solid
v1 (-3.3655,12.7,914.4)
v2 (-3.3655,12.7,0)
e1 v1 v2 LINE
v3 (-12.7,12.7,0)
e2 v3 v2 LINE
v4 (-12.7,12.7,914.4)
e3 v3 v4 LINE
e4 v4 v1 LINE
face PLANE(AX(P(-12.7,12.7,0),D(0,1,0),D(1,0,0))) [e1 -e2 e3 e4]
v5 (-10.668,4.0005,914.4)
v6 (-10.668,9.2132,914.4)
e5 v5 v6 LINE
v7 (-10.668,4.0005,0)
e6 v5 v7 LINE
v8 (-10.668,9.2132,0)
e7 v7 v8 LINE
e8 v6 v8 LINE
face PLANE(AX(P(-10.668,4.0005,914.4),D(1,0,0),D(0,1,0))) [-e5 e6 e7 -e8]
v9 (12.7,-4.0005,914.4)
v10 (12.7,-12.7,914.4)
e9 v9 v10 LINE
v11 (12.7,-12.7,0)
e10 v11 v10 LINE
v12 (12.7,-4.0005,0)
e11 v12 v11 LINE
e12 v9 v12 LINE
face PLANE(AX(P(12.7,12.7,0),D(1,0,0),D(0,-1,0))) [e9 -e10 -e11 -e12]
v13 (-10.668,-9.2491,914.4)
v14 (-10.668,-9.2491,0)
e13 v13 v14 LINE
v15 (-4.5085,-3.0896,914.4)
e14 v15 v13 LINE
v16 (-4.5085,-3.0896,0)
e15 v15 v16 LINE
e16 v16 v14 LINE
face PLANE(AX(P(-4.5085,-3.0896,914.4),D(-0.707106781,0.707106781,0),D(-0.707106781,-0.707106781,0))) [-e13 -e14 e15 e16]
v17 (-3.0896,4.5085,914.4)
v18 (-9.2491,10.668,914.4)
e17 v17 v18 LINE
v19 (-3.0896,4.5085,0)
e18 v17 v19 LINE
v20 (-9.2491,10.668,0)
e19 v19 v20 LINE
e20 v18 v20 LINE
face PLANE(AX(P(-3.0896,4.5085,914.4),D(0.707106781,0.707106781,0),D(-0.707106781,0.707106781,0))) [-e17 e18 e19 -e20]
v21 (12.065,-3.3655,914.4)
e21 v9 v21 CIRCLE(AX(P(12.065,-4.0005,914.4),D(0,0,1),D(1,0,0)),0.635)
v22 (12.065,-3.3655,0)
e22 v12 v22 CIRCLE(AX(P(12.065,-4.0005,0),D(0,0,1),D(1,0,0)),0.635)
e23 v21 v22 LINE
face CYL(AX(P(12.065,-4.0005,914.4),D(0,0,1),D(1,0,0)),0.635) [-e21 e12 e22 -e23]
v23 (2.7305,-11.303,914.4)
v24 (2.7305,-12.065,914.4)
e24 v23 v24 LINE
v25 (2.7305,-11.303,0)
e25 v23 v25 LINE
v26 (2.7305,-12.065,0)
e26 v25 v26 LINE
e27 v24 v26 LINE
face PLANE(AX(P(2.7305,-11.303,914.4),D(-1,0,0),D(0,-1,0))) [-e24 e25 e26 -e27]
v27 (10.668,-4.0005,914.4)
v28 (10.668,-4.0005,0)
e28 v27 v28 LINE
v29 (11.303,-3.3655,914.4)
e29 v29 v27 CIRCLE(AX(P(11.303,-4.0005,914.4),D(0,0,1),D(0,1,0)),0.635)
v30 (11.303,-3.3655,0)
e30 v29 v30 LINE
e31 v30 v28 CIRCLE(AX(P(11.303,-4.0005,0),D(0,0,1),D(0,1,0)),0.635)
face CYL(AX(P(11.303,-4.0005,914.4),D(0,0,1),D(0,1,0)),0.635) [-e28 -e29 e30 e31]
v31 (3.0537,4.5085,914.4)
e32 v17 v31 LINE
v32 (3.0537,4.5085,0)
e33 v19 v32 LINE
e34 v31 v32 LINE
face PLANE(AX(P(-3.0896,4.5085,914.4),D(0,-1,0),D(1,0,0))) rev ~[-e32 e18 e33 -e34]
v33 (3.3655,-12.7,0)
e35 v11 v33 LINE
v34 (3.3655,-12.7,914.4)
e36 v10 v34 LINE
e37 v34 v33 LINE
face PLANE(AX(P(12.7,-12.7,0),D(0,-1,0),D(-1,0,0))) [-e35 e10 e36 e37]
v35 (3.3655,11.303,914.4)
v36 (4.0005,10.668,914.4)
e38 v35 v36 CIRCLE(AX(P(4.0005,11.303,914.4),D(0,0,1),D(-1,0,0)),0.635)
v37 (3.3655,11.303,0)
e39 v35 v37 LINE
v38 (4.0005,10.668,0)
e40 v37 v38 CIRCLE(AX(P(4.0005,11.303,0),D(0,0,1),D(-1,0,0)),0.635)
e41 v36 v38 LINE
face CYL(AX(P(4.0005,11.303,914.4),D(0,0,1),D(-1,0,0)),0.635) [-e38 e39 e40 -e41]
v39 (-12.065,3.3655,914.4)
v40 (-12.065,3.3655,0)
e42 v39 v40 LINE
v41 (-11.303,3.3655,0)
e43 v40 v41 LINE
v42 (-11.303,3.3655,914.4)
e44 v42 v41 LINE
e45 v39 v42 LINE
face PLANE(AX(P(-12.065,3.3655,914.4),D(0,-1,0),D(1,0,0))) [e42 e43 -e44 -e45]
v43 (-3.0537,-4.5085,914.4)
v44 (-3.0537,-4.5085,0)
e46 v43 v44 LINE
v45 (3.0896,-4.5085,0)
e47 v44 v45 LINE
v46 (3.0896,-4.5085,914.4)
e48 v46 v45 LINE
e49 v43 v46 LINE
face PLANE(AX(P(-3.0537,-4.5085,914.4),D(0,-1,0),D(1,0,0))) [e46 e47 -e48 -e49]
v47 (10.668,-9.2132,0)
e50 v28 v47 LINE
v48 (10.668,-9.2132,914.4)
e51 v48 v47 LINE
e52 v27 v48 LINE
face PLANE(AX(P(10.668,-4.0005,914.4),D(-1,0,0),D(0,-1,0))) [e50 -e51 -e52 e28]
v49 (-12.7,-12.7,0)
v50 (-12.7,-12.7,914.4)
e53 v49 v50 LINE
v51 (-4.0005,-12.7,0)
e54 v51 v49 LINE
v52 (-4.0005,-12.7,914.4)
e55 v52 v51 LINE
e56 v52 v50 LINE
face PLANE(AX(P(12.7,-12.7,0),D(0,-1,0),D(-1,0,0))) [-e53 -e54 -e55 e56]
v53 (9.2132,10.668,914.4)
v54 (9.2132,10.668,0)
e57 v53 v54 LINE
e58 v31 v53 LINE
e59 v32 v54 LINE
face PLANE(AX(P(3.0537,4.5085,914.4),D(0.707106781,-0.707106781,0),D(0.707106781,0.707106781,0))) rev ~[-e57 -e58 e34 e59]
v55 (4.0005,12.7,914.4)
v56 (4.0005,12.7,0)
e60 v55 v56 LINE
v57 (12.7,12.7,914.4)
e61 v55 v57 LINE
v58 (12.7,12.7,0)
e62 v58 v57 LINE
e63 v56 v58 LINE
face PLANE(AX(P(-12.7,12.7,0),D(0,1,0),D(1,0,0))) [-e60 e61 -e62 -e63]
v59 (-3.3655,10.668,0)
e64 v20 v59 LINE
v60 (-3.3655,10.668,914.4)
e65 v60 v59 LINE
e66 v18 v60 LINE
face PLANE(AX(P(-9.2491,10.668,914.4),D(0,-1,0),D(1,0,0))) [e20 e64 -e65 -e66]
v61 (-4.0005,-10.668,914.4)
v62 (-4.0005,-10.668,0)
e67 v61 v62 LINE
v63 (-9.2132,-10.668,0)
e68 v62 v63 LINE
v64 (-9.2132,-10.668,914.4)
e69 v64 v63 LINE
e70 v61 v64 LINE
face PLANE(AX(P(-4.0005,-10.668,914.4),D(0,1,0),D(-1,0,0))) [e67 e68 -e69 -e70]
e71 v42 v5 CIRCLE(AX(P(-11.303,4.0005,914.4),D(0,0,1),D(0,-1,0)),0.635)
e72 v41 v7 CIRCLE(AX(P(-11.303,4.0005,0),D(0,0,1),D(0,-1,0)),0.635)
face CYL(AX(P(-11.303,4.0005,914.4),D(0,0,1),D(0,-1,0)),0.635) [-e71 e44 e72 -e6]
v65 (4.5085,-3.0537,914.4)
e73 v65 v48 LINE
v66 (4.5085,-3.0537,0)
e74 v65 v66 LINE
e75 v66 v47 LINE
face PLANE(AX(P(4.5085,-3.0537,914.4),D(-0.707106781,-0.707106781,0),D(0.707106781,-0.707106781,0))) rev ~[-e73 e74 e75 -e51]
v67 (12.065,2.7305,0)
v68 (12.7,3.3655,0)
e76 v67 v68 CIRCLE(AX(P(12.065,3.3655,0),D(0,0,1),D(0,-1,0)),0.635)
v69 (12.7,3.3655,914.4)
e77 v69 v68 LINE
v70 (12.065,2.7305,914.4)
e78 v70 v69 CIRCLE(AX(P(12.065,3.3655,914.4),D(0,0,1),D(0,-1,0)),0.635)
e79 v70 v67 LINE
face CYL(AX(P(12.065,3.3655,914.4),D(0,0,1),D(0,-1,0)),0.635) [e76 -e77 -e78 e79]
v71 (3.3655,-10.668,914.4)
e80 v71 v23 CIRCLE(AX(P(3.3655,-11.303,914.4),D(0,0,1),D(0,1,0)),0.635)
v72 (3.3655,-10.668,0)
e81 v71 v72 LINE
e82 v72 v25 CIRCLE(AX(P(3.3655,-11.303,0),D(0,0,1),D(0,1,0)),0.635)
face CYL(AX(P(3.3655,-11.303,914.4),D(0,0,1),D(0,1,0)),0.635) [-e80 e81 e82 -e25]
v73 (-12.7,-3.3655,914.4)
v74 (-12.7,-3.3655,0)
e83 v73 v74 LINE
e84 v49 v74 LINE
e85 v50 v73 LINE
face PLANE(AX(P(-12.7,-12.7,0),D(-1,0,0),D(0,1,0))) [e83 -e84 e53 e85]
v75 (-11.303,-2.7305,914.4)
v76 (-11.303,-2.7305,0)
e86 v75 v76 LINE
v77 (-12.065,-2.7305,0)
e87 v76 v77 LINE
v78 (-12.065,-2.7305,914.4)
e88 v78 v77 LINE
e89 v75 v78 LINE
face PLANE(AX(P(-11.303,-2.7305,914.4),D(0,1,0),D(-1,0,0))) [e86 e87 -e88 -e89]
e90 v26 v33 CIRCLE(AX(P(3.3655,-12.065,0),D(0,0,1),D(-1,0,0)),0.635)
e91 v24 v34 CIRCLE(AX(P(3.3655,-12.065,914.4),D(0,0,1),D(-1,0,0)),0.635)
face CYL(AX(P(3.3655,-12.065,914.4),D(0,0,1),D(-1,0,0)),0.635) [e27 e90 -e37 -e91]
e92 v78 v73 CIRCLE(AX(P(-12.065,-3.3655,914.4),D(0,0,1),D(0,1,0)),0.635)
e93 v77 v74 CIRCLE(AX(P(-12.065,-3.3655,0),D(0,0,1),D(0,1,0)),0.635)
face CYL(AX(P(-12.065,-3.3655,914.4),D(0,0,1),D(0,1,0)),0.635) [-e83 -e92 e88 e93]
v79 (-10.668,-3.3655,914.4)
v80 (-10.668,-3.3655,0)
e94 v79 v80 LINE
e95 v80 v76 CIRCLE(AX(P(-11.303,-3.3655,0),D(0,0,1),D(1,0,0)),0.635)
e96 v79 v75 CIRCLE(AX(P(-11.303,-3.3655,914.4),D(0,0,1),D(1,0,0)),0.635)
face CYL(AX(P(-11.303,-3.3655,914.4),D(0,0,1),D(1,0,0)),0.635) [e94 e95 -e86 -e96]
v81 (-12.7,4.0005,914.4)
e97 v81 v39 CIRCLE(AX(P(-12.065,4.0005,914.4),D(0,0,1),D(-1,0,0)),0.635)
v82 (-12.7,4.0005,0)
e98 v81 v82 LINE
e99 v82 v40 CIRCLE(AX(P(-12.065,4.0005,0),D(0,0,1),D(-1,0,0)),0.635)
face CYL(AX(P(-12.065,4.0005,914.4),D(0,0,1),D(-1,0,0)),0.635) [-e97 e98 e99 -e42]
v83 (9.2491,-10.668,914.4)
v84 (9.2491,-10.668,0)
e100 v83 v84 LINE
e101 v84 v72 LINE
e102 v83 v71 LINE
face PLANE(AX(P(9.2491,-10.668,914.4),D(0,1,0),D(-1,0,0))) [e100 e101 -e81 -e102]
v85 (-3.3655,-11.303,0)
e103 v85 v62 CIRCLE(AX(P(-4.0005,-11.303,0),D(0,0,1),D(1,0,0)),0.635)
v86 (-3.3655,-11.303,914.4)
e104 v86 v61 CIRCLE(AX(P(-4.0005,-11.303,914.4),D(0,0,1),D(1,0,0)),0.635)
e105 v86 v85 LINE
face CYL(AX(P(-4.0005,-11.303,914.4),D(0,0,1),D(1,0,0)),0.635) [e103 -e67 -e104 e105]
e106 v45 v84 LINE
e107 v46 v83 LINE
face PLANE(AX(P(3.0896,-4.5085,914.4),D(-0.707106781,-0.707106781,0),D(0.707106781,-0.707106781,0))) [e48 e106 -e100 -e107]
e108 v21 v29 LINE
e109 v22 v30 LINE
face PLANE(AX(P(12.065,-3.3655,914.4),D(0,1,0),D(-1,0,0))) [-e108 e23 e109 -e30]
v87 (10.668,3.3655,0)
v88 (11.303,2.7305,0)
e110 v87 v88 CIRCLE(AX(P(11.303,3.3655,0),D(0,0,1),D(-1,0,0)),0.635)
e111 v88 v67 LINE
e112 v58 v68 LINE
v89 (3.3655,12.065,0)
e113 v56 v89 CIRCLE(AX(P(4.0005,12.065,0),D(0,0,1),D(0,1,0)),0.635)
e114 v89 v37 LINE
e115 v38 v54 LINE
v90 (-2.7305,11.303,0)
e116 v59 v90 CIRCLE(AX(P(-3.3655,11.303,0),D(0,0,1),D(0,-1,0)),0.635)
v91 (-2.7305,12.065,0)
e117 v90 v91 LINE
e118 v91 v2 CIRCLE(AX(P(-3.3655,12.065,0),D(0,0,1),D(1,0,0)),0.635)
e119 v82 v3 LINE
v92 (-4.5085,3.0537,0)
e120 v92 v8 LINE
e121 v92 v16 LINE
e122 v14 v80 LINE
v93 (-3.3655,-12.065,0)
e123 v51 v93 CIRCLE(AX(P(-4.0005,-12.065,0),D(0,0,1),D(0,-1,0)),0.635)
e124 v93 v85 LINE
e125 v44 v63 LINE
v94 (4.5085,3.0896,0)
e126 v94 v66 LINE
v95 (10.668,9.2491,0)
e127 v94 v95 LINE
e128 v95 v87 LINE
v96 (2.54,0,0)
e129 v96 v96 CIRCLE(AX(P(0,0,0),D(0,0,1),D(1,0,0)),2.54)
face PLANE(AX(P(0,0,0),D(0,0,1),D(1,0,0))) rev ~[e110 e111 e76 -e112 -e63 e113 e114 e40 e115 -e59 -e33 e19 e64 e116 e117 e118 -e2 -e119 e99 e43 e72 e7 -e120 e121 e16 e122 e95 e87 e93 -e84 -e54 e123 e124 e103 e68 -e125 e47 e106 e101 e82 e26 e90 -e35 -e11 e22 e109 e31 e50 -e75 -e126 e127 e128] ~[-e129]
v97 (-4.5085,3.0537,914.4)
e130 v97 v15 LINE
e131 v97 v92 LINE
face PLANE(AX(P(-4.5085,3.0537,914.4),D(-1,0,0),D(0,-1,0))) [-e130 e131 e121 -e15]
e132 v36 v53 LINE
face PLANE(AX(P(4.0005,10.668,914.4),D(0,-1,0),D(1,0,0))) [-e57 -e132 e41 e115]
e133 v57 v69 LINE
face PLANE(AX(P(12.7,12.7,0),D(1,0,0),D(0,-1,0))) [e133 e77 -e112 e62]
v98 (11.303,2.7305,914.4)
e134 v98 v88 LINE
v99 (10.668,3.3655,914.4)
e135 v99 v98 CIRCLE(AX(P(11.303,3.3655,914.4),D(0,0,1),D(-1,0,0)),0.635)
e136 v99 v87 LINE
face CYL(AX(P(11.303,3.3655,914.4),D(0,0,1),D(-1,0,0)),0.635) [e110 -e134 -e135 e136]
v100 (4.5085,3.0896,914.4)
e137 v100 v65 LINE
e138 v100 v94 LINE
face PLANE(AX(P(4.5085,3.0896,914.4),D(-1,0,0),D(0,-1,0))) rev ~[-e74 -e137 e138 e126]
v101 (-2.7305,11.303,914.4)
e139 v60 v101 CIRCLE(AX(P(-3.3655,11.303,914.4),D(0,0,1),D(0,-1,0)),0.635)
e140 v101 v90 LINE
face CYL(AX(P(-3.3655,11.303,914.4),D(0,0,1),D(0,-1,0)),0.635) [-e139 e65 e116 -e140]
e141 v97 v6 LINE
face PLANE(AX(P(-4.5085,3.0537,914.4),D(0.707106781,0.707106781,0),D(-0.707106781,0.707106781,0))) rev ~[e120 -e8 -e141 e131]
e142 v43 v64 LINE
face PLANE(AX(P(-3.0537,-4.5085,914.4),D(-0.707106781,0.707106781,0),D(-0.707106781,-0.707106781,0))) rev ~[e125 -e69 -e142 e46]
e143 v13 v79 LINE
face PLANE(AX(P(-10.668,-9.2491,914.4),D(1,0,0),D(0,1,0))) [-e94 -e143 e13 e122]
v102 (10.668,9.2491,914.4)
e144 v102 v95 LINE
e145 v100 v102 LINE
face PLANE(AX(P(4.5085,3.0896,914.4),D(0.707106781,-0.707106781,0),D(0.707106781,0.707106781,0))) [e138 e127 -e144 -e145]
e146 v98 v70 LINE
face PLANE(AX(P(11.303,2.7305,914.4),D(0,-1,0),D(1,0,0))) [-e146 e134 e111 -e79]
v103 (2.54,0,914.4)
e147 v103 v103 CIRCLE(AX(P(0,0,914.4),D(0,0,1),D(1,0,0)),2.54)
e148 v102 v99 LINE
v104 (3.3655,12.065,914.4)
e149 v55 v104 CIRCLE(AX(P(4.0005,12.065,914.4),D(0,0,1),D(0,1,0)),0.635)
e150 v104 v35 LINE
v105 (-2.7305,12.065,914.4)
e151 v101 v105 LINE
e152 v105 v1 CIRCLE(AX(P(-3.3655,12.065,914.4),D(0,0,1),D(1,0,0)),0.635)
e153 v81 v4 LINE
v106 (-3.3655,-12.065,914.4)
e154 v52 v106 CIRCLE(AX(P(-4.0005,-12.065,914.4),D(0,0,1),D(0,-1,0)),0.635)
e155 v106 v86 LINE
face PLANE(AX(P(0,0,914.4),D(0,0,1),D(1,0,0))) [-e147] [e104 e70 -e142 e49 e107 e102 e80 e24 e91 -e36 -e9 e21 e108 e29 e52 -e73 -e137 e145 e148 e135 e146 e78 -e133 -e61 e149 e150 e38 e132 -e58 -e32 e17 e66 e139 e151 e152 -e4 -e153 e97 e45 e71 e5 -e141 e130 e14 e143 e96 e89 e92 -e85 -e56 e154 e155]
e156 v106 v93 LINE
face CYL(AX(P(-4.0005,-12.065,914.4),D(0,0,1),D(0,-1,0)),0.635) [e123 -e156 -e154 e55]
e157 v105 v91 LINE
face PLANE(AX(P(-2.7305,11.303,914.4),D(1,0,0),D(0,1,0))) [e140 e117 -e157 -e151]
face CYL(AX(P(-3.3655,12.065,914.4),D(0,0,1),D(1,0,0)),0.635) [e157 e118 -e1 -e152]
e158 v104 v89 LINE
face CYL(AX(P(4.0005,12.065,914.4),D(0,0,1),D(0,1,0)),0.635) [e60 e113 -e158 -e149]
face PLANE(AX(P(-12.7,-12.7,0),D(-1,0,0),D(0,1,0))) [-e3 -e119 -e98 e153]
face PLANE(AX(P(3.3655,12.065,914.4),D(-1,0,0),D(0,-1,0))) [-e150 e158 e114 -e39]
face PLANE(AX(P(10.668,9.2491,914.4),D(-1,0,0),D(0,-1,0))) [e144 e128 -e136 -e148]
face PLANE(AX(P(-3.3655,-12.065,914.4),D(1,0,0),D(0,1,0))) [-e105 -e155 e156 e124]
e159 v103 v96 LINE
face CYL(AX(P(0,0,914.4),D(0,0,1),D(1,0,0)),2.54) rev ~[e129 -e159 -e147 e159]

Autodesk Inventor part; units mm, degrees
ref_plane "YZ Plane" through (0, 0, 0) normal (1, 0, 0) x (0, 1, 0)
ref_plane "XZ Plane" through (0, 0, 0) normal (0, 1, 0) x (-1, 0, 0)
ref_plane "XY Plane" through (0, 0, 0) normal (0, 0, 1) x (1, 0, 0)
sketch "Sketch1" plane through (0, 0, 0) normal (0, 0, 1) x (1, 0, 0)
  line L0 (-12.7, 12.7) -> (12.7, 12.7)
  line L1 (12.7, 12.7) -> (12.7, -12.7)
  line L2 (12.7, -12.7) -> (-12.7, -12.7)
  line L3 (-12.7, -12.7) -> (-12.7, 12.7)
  point P0 (0, 0)
  dimension "d0" = 25.4
  dimension "d1" = 25.4
  dimension "d2" = 12.7
  dimension "d3" = 12.7
extrude "Extrusion1" add sketch "Sketch1" along normal blind 914.4
sketch "Sketch2" plane through (0, 0, 914.4) normal (0, 0, 1) x (1, 0, 0)
  circle A0 centre (0, 0) radius 2.54
  line L0 (-4.5085, 4.5085) -> (4.5085, 4.5085)
  line L1 (-4.5085, -4.5085) -> (4.5085, -4.5085)
  line L2 (4.5085, 4.5085) -> (4.5085, -4.5085)
  line L3 (-4.5085, 4.5085) -> (-4.5085, -4.5085)
  line L4 (-3.0896, 4.5085) -> (-11.2811, 12.7)
  line L5 (-4.5085, 3.0537) -> (-12.7, 11.2452)
  line L6 (12.7, 12.7) -> (-12.7, 12.7) projected
  line L7 (-12.7, 12.7) -> (-12.7, 4.0005)
  line L8 (-10.668, 4.0005) -> (-10.668, 9.2132)
  line L9 (-9.2491, 10.668) -> (-3.3655, 10.668)
  line L10 (-12.7, 12.7) -> (-3.3655, 12.7)
  line L11 (-2.7305, 11.303) -> (-2.7305, 12.065)
  line L12 (-12.065, 3.3655) -> (-11.303, 3.3655)
  arc A1 (-12.7, 4.0005) -> (-12.065, 3.3655) centre (-12.065, 4.0005) ccw
  arc A2 (-11.303, 3.3655) -> (-10.668, 4.0005) centre (-11.303, 4.0005) ccw
  arc A3 (-3.3655, 10.668) -> (-2.7305, 11.303) centre (-3.3655, 11.303) ccw
  arc A4 (-2.7305, 12.065) -> (-3.3655, 12.7) centre (-3.3655, 12.065) ccw
  arc A5 (-3.3655, -11.303) -> (-4.0005, -10.668) centre (-4.0005, -11.303) ccw
  line L13 (-3.3655, -12.065) -> (-3.3655, -11.303)
  arc A6 (-4.0005, -12.7) -> (-3.3655, -12.065) centre (-4.0005, -12.065) ccw
  line L14 (-3.0537, -4.5085) -> (-11.2452, -12.7)
  line L15 (-10.668, -9.2491) -> (-10.668, -3.3655)
  line L16 (-4.5085, -3.0896) -> (-12.7, -11.2811)
  line L17 (-12.7, -12.7) -> (-12.7, -3.3655)
  arc A7 (-10.668, -3.3655) -> (-11.303, -2.7305) centre (-11.303, -3.3655) ccw
  line L18 (-11.303, -2.7305) -> (-12.065, -2.7305)
  arc A8 (-12.065, -2.7305) -> (-12.7, -3.3655) centre (-12.065, -3.3655) ccw
  line L19 (-4.0005, -10.668) -> (-9.2132, -10.668)
  line L20 (-12.7, -12.7) -> (-4.0005, -12.7)
  arc A9 (11.303, -3.3655) -> (10.668, -4.0005) centre (11.303, -4.0005) ccw
  line L21 (12.065, -3.3655) -> (11.303, -3.3655)
  arc A10 (12.7, -4.0005) -> (12.065, -3.3655) centre (12.065, -4.0005) ccw
  line L22 (4.5085, -3.0537) -> (12.7, -11.2452)
  line L23 (9.2491, -10.668) -> (3.3655, -10.668)
  line L24 (3.0896, -4.5085) -> (11.2811, -12.7)
  line L25 (12.7, -12.7) -> (3.3655, -12.7)
  arc A11 (3.3655, -10.668) -> (2.7305, -11.303) centre (3.3655, -11.303) ccw
  line L26 (2.7305, -11.303) -> (2.7305, -12.065)
  arc A12 (2.7305, -12.065) -> (3.3655, -12.7) centre (3.3655, -12.065) ccw
  line L27 (10.668, -4.0005) -> (10.668, -9.2132)
  line L28 (12.7, -12.7) -> (12.7, -4.0005)
  arc A13 (3.3655, 11.303) -> (4.0005, 10.668) centre (4.0005, 11.303) ccw
  line L29 (3.3655, 12.065) -> (3.3655, 11.303)
  arc A14 (4.0005, 12.7) -> (3.3655, 12.065) centre (4.0005, 12.065) ccw
  line L30 (3.0537, 4.5085) -> (11.2452, 12.7)
  line L31 (10.668, 9.2491) -> (10.668, 3.3655)
  line L32 (4.5085, 3.0896) -> (12.7, 11.2811)
  line L33 (12.7, 12.7) -> (12.7, 3.3655)
  arc A15 (10.668, 3.3655) -> (11.303, 2.7305) centre (11.303, 3.3655) ccw
  line L34 (11.303, 2.7305) -> (12.065, 2.7305)
  arc A16 (12.065, 2.7305) -> (12.7, 3.3655) centre (12.065, 3.3655) ccw
  line L35 (4.0005, 10.668) -> (9.2132, 10.668)
  line L36 (12.7, 12.7) -> (4.0005, 12.7)
  line L37 (-4.5085, 3.0537) -> (-4.5085, 4.5085)
  line L38 (-3.0896, 4.5085) -> (-4.5085, 4.5085)
  line L39 (-12.7, -12.7) -> (-4.0005, -12.7)
  line L40 (-4.0005, -10.668) -> (-9.2132, -10.668)
  line L41 (-10.668, -9.2491) -> (-10.668, -3.3655)
  line L42 (-12.7, -12.7) -> (-12.7, -3.3655)
  line L43 (-11.303, -2.7305) -> (-12.065, -2.7305)
  arc A17 (-10.668, -3.3655) -> (-11.303, -2.7305) centre (-11.303, -3.3655) ccw
  arc A18 (-12.065, -2.7305) -> (-12.7, -3.3655) centre (-12.065, -3.3655) ccw
  line L44 (-4.5085, -3.0896) -> (-4.5085, -4.5085)
  line L45 (-4.5085, -3.0896) -> (-12.7, -11.2811)
  line L46 (-3.0537, -4.5085) -> (-4.5085, -4.5085)
  line L47 (-3.0537, -4.5085) -> (-11.2452, -12.7)
  line L48 (-4.5085, -4.5085) -> (-4.5085, 4.5085)
  circle A19 centre (0, 0) radius 2.54
  line L49 (-4.5085, -4.5085) -> (4.5085, -4.5085)
  line L50 (-3.3655, -12.065) -> (-3.3655, -11.303)
  arc A20 (-4.0005, -12.7) -> (-3.3655, -12.065) centre (-4.0005, -12.065) ccw
  arc A21 (-3.3655, -11.303) -> (-4.0005, -10.668) centre (-4.0005, -11.303) ccw
  line L51 (12.7, -12.7) -> (12.7, -4.0005)
  line L52 (10.668, -4.0005) -> (10.668, -9.2132)
  line L53 (9.2491, -10.668) -> (3.3655, -10.668)
  line L54 (12.7, -12.7) -> (3.3655, -12.7)
  line L55 (2.7305, -11.303) -> (2.7305, -12.065)
  arc A22 (3.3655, -10.668) -> (2.7305, -11.303) centre (3.3655, -11.303) ccw
  arc A23 (2.7305, -12.065) -> (3.3655, -12.7) centre (3.3655, -12.065) ccw
  line L56 (3.0896, -4.5085) -> (4.5085, -4.5085)
  line L57 (3.0896, -4.5085) -> (11.2811, -12.7)
  line L58 (4.5085, -3.0537) -> (4.5085, -4.5085)
  line L59 (4.5085, -3.0537) -> (12.7, -11.2452)
  line L60 (4.5085, -4.5085) -> (-4.5085, -4.5085)
  circle A24 centre (0, 0) radius 2.54
  line L61 (4.5085, -4.5085) -> (4.5085, 4.5085)
  line L62 (12.065, -3.3655) -> (11.303, -3.3655)
  arc A25 (12.7, -4.0005) -> (12.065, -3.3655) centre (12.065, -4.0005) ccw
  arc A26 (11.303, -3.3655) -> (10.668, -4.0005) centre (11.303, -4.0005) ccw
  line L63 (12.7, 12.7) -> (4.0005, 12.7)
  line L64 (4.0005, 10.668) -> (9.2132, 10.668)
  line L65 (10.668, 9.2491) -> (10.668, 3.3655)
  line L66 (12.7, 12.7) -> (12.7, 3.3655)
  line L67 (11.303, 2.7305) -> (12.065, 2.7305)
  arc A27 (10.668, 3.3655) -> (11.303, 2.7305) centre (11.303, 3.3655) ccw
  arc A28 (12.065, 2.7305) -> (12.7, 3.3655) centre (12.065, 3.3655) ccw
  line L68 (4.5085, 3.0896) -> (4.5085, 4.5085)
  line L69 (4.5085, 3.0896) -> (12.7, 11.2811)
  line L70 (3.0537, 4.5085) -> (4.5085, 4.5085)
  line L71 (3.0537, 4.5085) -> (11.2452, 12.7)
  line L72 (4.5085, 4.5085) -> (4.5085, -4.5085)
  circle A29 centre (0, 0) radius 2.54
  line L73 (4.5085, 4.5085) -> (-4.5085, 4.5085)
  line L74 (3.3655, 12.065) -> (3.3655, 11.303)
  arc A30 (4.0005, 12.7) -> (3.3655, 12.065) centre (4.0005, 12.065) ccw
  arc A31 (3.3655, 11.303) -> (4.0005, 10.668) centre (4.0005, 11.303) ccw
  point P0 (-12.7, 3.3655)
  point P1 (-2.7305, 12.7)
  point P2 (-3.3655, -12.7)
  point P3 (-12.7, -2.7305)
  point P4 (12.7, -3.3655)
  point P5 (2.7305, -12.7)
  point P6 (3.3655, 12.7)
  point P7 (12.7, 2.7305)
  point P8 (-3.3655, -12.7)
  point P9 (-12.7, -2.7305)
  point P10 (12.7, -3.3655)
  point P11 (2.7305, -12.7)
  point P12 (3.3655, 12.7)
  point P13 (12.7, 2.7305)
  dimension "d6" = 5.08
  dimension "d7" = 9.017
  dimension "d8" = 4.5085
  dimension "d9" = 4.5085
  dimension "d10" = 4.5085
  dimension "d11" = 2.032
  dimension "d12" = 1.0033
  dimension "d13" = 135
  dimension "d17" = 9.3345
  dimension "d19" = 2.032
  dimension "d20" = 2.032
  dimension "d21" = 0.635
  dimension "d22" = 9.3345
  dimension "d25" = 360
  dimension "d29" = 360
extrude "Extrusion2" cut sketch "Sketch2" against normal blind 1219.2 contours L3 L5 L7 L6 L4 L0 | L0 L2 L1 L3 | L30 L6 L33 L32 L2 L0 | L4 L6 A4 L11 A3 L9 | L3 L1 L14 L20 L17 L16 | L8 A2 L12 A1 L7 L5 | L35 A13 L29 A14 L6 L30 | L16 L17 A8 L18 A7 L15 | L22 L28 L25 L24 L1 L2 | L32 L33 A16 L34 A15 L31 | L19 A5 L13 A6 L20 L14 | L27 A9 L21 A10 L28 L22 | L24 L25 A12 L26 A11 L23 keep common part
equation "\"d22\" = d17"
properties part number "38 in 80-20 extrusion"
